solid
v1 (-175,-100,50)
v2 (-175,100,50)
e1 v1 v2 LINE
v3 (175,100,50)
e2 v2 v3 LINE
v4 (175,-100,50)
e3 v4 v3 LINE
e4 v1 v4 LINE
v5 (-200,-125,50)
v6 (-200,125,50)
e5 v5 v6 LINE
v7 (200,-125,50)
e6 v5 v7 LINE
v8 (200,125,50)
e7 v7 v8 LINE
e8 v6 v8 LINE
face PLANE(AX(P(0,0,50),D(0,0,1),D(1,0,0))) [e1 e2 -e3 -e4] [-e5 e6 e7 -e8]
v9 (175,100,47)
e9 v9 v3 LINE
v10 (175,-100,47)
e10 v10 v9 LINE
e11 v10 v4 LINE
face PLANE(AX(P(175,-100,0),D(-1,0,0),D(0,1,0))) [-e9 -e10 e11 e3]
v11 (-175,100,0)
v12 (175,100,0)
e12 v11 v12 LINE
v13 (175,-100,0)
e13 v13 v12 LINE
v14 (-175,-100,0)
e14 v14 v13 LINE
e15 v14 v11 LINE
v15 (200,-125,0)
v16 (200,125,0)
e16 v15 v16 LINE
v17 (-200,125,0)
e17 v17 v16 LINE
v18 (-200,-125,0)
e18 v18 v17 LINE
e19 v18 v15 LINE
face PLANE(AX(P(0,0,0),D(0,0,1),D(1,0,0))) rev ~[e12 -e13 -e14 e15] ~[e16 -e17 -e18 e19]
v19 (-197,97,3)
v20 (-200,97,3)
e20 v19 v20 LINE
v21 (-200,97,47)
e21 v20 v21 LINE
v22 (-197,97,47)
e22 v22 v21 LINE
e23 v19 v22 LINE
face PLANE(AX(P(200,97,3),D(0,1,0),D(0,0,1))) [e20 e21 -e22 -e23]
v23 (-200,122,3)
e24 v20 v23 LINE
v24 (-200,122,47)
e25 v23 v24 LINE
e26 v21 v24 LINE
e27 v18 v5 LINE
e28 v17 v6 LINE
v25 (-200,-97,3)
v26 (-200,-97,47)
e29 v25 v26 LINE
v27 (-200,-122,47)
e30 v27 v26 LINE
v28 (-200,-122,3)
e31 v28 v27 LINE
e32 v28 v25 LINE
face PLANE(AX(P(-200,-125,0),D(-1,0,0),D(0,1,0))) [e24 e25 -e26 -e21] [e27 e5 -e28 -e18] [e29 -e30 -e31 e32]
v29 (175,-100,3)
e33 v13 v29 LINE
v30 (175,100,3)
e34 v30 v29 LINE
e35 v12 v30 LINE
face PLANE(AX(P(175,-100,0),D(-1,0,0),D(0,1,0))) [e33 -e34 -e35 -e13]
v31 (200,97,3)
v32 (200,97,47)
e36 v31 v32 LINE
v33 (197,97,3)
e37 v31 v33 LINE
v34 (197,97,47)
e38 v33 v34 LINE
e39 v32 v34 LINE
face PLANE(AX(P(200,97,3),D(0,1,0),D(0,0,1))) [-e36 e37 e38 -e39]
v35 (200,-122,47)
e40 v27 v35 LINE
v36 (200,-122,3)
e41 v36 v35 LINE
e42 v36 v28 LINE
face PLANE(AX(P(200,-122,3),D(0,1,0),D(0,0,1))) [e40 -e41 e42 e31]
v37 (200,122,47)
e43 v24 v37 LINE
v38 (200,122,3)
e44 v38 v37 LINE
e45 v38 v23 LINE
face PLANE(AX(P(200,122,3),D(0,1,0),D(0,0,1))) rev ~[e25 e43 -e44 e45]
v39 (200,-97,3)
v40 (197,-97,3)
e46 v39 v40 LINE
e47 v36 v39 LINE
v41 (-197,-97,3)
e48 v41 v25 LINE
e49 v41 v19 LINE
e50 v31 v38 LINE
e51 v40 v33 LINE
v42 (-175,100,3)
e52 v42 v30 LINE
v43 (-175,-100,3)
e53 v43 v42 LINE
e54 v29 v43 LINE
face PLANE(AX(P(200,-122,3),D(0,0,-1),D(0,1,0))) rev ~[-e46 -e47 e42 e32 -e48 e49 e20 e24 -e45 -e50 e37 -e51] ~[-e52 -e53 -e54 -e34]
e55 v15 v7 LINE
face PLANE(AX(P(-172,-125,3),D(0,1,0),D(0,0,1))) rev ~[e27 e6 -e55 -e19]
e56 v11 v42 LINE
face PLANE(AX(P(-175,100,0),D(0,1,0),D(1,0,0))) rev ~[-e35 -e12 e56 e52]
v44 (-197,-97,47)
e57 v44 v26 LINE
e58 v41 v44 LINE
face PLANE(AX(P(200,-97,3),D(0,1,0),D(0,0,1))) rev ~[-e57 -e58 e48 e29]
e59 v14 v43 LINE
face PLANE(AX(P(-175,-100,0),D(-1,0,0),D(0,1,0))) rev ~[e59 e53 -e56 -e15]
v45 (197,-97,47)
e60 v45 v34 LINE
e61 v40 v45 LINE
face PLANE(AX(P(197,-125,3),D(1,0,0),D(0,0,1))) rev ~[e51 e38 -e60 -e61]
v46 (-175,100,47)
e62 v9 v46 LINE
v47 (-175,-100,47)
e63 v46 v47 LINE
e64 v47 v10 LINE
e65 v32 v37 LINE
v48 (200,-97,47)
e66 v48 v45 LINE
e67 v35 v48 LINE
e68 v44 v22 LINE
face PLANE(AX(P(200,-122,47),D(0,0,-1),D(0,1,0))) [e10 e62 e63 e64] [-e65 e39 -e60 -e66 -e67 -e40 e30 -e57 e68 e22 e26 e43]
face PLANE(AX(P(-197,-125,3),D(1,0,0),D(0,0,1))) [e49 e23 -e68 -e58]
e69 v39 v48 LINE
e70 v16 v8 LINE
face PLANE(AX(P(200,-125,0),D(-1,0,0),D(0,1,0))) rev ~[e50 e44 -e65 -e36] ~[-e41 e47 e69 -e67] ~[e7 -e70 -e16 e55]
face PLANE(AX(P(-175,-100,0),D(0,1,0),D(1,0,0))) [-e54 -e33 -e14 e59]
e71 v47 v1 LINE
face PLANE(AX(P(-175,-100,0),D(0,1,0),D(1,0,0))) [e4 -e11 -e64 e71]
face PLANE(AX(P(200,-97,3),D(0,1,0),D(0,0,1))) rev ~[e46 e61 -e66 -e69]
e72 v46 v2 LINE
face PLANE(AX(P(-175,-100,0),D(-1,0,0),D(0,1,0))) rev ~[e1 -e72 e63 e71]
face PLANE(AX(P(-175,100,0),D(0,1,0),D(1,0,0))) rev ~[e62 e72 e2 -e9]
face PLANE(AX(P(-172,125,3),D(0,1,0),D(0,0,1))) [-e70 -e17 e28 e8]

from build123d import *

# Parameters (mm, degrees)
F0_W     = 400
F0_H     = 250
F0_W_2   = 350
F0_H_2   = 200
F1_DEPTH = 50
F2_W     = 25
F2_H     = 44
F3_DEPTH = 250
F4_W     = 25
F4_H     = 44
F5_DEPTH = 400
F6_DEPTH = 25
F7_DEPTH = 25
F8_DEPTH = 25
F9_DEPTH = 25


with BuildPart() as f1:
    # F0 (on Top) → F1 (new body)
    with BuildSketch(Plane.XY):
        Rectangle(F0_W, F0_H)
        Rectangle(F0_W_2, F0_H_2, mode=Mode.SUBTRACT)
    extrude(amount=F1_DEPTH)

    # F2 (on face) → F3 (cut, through all)
    with BuildSketch(Plane.XZ.offset(125)):
        with Locations((184.5, 25)):
            Rectangle(F2_W, F2_H)
        with Locations((-184.5, 25)):
            Rectangle(F2_W, F2_H)
    extrude(amount=-F3_DEPTH, mode=Mode.SUBTRACT)

    # F4 (on face) → F5 (cut, through all)
    with BuildSketch(Plane.YZ.offset(200)):
        with Locations((109.5, 25)):
            Rectangle(F4_W, F4_H)
        with Locations((-109.5, 25)):
            Rectangle(F4_W, F4_H)
    extrude(amount=-F5_DEPTH, mode=Mode.SUBTRACT)

    # F6 (add): a face of the model
    f6_faces = [f1.faces().sort_by_distance(p)[0] for p in [
        (172, -123.5, 25),
    ]]
    extrude(f6_faces, amount=F6_DEPTH)

    # F7 (add): a face of the model
    f7_faces = [f1.faces().sort_by_distance(p)[0] for p in [
        (172, 123.5, 25),
    ]]
    extrude(f7_faces, amount=F7_DEPTH)

    # F8 (add): a face of the model
    f8_faces = [f1.faces().sort_by_distance(p)[0] for p in [
        (-172, 123.5, 25),
    ]]
    extrude(f8_faces, amount=F8_DEPTH)

    # F9 (add): a face of the model
    f9_faces = [f1.faces().sort_by_distance(p)[0] for p in [
        (-172, -123.5, 25),
    ]]
    extrude(f9_faces, amount=F9_DEPTH)


solid = f1.part
